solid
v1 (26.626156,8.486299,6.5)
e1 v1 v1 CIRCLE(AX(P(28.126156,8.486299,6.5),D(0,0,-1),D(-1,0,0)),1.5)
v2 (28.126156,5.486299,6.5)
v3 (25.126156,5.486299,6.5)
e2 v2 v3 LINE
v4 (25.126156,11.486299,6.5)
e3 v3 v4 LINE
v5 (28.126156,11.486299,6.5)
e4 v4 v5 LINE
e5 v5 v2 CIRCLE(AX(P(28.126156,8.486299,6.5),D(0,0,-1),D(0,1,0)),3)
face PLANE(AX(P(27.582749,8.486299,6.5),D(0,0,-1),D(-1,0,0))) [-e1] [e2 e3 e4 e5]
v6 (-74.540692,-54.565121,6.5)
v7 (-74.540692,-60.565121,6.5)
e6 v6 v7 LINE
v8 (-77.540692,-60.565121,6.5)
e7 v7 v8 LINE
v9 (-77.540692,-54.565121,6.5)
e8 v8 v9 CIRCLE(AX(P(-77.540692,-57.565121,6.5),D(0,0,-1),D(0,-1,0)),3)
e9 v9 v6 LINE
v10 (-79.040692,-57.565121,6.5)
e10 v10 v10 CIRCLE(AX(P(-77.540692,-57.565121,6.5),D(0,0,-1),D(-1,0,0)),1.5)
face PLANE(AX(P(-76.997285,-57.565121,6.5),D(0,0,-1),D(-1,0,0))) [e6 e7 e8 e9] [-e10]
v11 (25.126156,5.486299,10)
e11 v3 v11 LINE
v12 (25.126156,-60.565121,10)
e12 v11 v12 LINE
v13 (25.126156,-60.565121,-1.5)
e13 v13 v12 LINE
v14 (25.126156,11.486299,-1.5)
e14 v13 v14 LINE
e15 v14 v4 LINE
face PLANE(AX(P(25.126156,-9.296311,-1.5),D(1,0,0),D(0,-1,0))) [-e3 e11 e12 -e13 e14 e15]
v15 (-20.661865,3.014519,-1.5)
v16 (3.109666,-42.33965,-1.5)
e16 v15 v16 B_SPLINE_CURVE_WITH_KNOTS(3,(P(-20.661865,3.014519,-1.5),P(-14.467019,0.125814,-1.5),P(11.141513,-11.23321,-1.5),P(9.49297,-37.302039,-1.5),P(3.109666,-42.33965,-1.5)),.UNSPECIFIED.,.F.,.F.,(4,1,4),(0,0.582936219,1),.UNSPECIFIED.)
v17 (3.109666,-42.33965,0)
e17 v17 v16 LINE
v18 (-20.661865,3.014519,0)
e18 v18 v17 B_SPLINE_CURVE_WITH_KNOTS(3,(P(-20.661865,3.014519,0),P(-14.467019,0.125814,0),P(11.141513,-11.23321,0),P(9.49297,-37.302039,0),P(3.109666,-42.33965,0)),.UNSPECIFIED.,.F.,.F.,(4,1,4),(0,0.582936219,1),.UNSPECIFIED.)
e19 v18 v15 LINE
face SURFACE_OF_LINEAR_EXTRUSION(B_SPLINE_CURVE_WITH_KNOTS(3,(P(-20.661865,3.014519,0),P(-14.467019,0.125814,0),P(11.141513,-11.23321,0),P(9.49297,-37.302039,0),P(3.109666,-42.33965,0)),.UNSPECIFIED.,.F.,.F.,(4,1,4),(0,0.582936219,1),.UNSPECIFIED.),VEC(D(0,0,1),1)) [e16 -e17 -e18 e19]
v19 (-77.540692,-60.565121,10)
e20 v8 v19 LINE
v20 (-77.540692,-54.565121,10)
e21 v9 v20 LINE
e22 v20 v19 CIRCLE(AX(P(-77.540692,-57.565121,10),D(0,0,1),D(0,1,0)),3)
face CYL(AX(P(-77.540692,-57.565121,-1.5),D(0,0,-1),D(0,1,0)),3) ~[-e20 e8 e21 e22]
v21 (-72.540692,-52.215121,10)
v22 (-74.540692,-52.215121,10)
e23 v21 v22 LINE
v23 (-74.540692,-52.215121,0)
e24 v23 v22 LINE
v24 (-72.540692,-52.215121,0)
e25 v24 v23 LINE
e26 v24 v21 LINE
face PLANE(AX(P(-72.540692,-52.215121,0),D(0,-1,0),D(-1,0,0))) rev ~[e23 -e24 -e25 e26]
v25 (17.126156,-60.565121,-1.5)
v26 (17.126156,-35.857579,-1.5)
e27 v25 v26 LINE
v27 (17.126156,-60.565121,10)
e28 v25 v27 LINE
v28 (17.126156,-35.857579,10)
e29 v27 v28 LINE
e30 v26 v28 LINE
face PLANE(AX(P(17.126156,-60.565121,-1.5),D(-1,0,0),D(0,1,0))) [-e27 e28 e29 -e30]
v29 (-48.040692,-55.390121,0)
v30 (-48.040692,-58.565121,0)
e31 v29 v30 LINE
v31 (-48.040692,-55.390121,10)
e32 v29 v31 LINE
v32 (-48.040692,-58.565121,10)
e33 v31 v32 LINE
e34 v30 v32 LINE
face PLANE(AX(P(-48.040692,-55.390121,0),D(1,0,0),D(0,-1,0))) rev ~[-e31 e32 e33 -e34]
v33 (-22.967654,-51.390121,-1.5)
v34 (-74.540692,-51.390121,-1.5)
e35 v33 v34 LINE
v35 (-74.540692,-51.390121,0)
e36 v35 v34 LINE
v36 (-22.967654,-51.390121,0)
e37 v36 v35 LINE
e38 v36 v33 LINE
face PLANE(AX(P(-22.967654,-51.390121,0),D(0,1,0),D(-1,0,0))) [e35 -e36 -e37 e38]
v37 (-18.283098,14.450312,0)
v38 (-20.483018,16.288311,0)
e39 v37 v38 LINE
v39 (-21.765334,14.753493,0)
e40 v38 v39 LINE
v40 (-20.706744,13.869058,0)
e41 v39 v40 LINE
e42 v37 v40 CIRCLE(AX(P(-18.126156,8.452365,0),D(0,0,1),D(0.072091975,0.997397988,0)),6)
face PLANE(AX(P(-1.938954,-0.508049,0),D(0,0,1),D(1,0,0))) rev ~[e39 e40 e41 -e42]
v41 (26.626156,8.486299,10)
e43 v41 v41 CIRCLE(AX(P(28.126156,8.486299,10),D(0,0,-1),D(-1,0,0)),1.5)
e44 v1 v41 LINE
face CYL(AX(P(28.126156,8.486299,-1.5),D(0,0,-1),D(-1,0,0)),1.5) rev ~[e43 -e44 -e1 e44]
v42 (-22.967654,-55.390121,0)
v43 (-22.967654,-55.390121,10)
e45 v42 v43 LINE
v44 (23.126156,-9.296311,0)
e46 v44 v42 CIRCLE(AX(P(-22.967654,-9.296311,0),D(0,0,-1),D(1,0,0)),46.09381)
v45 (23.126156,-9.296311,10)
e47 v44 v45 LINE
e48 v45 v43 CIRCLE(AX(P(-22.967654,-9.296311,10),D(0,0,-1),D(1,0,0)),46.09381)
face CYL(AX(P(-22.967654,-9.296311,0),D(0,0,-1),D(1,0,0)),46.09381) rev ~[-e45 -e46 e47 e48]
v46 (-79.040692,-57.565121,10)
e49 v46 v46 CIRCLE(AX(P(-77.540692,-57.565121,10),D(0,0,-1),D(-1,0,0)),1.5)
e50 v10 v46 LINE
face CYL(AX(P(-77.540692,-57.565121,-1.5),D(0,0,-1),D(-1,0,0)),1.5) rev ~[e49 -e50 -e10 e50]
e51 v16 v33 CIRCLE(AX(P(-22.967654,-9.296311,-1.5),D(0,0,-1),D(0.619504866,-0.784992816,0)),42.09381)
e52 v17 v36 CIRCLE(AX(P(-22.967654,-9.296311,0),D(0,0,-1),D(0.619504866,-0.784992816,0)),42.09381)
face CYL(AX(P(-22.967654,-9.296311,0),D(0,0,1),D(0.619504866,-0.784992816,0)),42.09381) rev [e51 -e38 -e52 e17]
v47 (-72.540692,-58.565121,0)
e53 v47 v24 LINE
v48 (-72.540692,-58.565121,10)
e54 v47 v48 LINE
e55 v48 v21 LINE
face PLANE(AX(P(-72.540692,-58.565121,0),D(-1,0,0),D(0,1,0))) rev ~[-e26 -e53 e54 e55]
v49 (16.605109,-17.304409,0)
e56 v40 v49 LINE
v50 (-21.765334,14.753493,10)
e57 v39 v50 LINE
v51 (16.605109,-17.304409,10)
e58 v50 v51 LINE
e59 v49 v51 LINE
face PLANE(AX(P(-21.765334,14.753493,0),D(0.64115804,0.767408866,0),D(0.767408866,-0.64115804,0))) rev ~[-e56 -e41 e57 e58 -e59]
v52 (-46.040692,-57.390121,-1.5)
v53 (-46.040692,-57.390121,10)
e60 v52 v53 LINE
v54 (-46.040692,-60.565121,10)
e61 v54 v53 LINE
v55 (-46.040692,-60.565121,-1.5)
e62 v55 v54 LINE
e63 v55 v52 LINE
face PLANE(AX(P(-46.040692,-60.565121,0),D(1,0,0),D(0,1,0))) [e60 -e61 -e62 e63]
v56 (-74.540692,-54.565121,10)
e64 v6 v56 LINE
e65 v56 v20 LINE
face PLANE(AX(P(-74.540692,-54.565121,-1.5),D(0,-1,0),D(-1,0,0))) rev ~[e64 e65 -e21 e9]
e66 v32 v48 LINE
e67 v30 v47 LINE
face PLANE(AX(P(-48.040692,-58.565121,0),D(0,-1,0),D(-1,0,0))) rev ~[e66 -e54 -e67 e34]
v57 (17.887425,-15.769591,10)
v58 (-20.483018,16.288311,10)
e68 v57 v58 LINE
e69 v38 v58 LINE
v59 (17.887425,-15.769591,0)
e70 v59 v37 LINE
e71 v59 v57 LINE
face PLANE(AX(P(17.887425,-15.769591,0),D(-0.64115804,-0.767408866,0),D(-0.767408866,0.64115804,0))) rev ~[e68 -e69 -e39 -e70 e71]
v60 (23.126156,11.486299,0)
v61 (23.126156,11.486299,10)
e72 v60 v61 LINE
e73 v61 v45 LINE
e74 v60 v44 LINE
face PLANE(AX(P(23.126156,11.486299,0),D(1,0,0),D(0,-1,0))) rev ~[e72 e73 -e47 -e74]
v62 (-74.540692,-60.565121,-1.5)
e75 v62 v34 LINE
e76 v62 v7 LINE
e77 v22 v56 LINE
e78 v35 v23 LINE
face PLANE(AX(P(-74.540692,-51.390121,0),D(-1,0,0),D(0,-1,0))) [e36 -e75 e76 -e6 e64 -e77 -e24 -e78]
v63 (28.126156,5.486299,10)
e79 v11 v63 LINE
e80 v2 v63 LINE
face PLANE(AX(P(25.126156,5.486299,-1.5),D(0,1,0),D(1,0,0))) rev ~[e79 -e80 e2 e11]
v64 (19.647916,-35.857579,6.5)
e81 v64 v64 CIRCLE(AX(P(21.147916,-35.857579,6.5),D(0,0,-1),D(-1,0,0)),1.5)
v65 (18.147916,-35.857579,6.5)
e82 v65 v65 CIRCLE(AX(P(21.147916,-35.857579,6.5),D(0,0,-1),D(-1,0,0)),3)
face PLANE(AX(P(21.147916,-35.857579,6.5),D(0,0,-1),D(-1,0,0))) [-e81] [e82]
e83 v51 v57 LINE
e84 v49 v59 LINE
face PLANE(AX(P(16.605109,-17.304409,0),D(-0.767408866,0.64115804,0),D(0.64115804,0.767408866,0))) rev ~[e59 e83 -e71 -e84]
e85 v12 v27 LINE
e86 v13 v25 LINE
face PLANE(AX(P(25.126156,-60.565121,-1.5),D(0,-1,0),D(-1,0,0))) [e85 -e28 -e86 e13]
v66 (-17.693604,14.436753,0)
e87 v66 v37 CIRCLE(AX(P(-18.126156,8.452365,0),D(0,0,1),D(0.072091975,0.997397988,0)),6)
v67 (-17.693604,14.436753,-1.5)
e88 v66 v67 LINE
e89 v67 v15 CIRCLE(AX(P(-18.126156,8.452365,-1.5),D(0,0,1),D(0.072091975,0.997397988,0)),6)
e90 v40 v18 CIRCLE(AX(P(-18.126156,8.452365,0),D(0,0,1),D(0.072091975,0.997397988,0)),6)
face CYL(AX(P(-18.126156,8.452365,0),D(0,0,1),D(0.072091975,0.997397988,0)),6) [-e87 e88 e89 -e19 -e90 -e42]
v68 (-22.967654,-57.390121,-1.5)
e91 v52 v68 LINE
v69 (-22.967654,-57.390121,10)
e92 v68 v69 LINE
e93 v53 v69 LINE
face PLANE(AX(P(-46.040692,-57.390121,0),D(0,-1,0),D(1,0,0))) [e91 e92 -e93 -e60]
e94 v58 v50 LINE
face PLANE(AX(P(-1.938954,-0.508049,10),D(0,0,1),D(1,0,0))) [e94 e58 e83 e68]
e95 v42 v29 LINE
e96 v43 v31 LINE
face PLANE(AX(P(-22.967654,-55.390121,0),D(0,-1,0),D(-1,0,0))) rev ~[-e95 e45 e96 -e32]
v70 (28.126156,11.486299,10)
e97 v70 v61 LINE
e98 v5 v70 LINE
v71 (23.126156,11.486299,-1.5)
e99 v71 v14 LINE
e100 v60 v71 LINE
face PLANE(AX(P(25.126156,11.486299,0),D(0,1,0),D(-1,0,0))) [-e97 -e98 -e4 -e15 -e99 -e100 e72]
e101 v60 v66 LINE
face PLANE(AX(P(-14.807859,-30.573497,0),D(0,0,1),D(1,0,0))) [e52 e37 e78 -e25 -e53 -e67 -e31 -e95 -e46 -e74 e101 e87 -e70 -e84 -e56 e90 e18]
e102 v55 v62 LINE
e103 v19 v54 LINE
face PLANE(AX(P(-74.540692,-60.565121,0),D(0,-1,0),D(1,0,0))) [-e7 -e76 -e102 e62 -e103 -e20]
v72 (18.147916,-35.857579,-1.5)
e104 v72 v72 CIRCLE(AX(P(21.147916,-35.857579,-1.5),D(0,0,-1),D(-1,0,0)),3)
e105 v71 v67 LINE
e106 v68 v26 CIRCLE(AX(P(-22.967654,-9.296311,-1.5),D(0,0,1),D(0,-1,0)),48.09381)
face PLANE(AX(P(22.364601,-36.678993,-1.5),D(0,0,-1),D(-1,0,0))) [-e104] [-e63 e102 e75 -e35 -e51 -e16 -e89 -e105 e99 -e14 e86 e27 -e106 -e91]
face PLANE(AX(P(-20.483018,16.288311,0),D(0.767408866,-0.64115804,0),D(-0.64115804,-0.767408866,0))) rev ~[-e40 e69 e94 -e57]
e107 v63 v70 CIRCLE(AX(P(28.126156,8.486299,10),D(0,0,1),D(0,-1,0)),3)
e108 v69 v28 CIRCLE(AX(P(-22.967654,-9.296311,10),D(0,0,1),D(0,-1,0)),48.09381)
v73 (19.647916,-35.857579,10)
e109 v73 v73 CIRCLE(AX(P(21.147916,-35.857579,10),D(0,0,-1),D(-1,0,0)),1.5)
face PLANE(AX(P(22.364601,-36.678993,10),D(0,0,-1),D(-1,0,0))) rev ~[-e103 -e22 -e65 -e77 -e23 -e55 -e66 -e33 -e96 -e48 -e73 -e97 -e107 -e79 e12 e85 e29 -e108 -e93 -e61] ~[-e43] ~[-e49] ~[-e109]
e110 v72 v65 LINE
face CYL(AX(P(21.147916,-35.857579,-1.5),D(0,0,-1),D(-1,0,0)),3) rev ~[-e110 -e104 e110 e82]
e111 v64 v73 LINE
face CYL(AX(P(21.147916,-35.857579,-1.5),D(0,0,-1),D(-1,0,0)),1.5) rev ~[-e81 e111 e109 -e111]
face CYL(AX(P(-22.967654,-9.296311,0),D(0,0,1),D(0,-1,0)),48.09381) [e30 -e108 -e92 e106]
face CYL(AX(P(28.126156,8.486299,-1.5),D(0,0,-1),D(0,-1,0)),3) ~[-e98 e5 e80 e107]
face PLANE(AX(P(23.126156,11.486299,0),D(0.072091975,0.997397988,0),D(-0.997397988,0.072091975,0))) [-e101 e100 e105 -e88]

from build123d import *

# Parameters (mm, degrees)
BOSS_EXTRUDE1_DEPTH = 10
BOSS_EXTRUDE2_DEPTH = 1.5
BOSS_EXTRUDE4_DEPTH = 10
SKETCH4_R           = 1.5
BOSS_EXTRUDE3_DEPTH = 11.5
SKETCH5_R           = 1.5
SKETCH5_R_2         = 3
CUT_EXTRUDE1_DEPTH  = 8


with BuildPart() as part:
    # Sketch1 → Boss-Extrude1 (new body)
    with BuildSketch(Plane.XY):
        with BuildLine():
            Line((23.126155741, 11.486298975), (23.126155741, -9.296311409))
            ThreePointArc((23.126155741, -9.296311409), (9.625591469, -41.889556774), (-22.967653896, -55.390121046))
            Line((-22.967653896, -55.390121046), (-48.04069211, -55.390121046))
            Line((-48.04069211, -55.390121046), (-48.04069211, -58.565121046))
            Line((-48.04069211, -58.565121046), (-72.54069211, -58.565121046))
            Line((-72.54069211, -58.565121046), (-72.54069211, -52.215121046))
            Line((-72.54069211, -52.215121046), (-74.54069211, -52.215121046))
            Line((-74.54069211, -52.215121046), (-74.54069211, -60.565121046))
            Line((-74.54069211, -60.565121046), (-46.04069211, -60.565121046))
            Line((-46.04069211, -60.565121046), (-46.04069211, -57.390121046))
            Line((-46.04069211, -57.390121046), (-22.967653896, -57.390121046))
            ThreePointArc((-22.967653896, -57.390121046), (11.039805031, -43.303770336), (25.126155741, -9.296311409))
            Line((25.126155741, -9.296311409), (25.126155741, 11.486298975))
            Line((25.126155741, 11.486298975), (23.126155741, 11.486298975))
        make_face()
    extrude(amount=BOSS_EXTRUDE1_DEPTH)

    # Sketch2 → Boss-Extrude2 (add)
    with BuildSketch(Plane(origin=(0, 0, 0), x_dir=(-1, 0, 0), z_dir=(0, 0, -1))):
        with BuildLine():
            Line((-23.126155741, 11.486298975), (17.693603893, 14.436753165))
            ThreePointArc((17.693603893, 14.436753165), (23.933278885, 9.961444684), (20.661865311, 3.014518513))
            add(Edge.make_bspline(
                [(20.661865311, 3.014518513), (14.467019278, 0.125814366), (-11.141513341, -11.233209967), (-9.492969782, -37.302039453), (-3.109665986, -42.33964958)],
                knots=[0, 0, 0, 0, 0.582936219, 1, 1, 1, 1], degree=3))
            ThreePointArc((-3.109665986, -42.33964958), (9.166044877, -49.06318705), (22.967653896, -51.390121046))
            Line((22.967653896, -51.390121046), (52.04069211, -51.390121046))
            Line((52.04069211, -51.390121046), (74.54069211, -51.390121046))
            Line((74.54069211, -51.390121046), (74.54069211, -52.215121046))
            Line((74.54069211, -52.215121046), (74.54069211, -60.565121046))
            Line((74.54069211, -60.565121046), (46.04069211, -60.565121046))
            Line((46.04069211, -60.565121046), (46.04069211, -57.390121046))
            Line((46.04069211, -57.390121046), (22.967653896, -57.390121046))
            ThreePointArc((22.967653896, -57.390121046), (-11.039805031, -43.303770336), (-25.126155741, -9.296311409))
            Line((-25.126155741, -9.296311409), (-25.126155741, 11.486298975))
            Line((-25.126155741, 11.486298975), (-23.126155741, 11.486298975))
        make_face()
    extrude(amount=BOSS_EXTRUDE2_DEPTH)

    # Sketch6 → Boss-Extrude4 (add)
    with BuildSketch(Plane.XY):
        Polygon((-21.765334092, 14.753493125), (16.605109206, -17.304408883), (17.887425286, -15.769591151), (-20.483018011, 16.288310857), align=None)
    extrude(amount=BOSS_EXTRUDE4_DEPTH)

    # Sketch4 → Boss-Extrude3 (add)
    with BuildSketch(Plane(origin=(0, 0, -1.5), x_dir=(-1, 0, 0), z_dir=(0, 0, -1))):
        with BuildLine():
            Line((-25.126155741, -9.296311409), (-25.126155741, -60.565121046))
            Line((-25.126155741, -60.565121046), (-17.126155741, -60.565121046))
            Line((-17.126155741, -60.565121046), (-17.126155741, -35.857579341))
            ThreePointArc((-17.126155741, -35.857579341), (-23.082745525, -23.166251515), (-25.126155741, -9.296311409))
        make_face()
        with Locations((-21.147916143, -35.857579341)):
            Circle(SKETCH4_R, mode=Mode.SUBTRACT)
        with BuildLine():
            Line((-28.126155741, 11.486298975), (-25.126155741, 11.486298975))
            Line((-25.126155741, 11.486298975), (-25.126155741, 5.486298975))
            Line((-25.126155741, 5.486298975), (-28.126155741, 5.486298975))
            ThreePointArc((-28.126155741, 5.486298975), (-31.126155741, 8.486298975), (-28.126155741, 11.486298975))
        make_face()
        with Locations((-28.126155741, 8.486298975)):
            Circle(SKETCH4_R, mode=Mode.SUBTRACT)
        with BuildLine():
            Line((74.54069211, -60.565121046), (74.54069211, -54.565121046))
            Line((74.54069211, -54.565121046), (77.54069211, -54.565121046))
            ThreePointArc((77.54069211, -54.565121046), (80.54069211, -57.565121046), (77.54069211, -60.565121046))
            Line((77.54069211, -60.565121046), (74.54069211, -60.565121046))
        make_face()
        with Locations((77.54069211, -57.565121046)):
            Circle(SKETCH4_R, mode=Mode.SUBTRACT)
    extrude(amount=-BOSS_EXTRUDE3_DEPTH)

    # Sketch5 → Cut-Extrude1 (cut)
    with BuildSketch(Plane(origin=(0, 0, -1.5), x_dir=(-1, 0, 0), z_dir=(0, 0, -1))):
        with BuildLine():
            Line((77.54069211, -54.565121046), (74.54069211, -54.565121046))
            Line((74.54069211, -54.565121046), (74.54069211, -60.565121046))
            Line((74.54069211, -60.565121046), (77.54069211, -60.565121046))
            ThreePointArc((77.54069211, -60.565121046), (80.54069211, -57.565121046), (77.54069211, -54.565121046))
        make_face()
        with Locations((77.54069211, -57.565121046)):
            Circle(SKETCH5_R, mode=Mode.SUBTRACT)
        with Locations((-21.147916143, -35.857579341)):
            Circle(SKETCH5_R_2)
        with Locations((-21.147916143, -35.857579341)):
            Circle(SKETCH5_R, mode=Mode.SUBTRACT)
        with BuildLine():
            Line((-28.126155741, 5.486298975), (-25.126155741, 5.486298975))
            Line((-25.126155741, 5.486298975), (-25.126155741, 11.486298975))
            Line((-25.126155741, 11.486298975), (-28.126155741, 11.486298975))
            ThreePointArc((-28.126155741, 11.486298975), (-31.126155741, 8.486298975), (-28.126155741, 5.486298975))
        make_face()
        with Locations((-28.126155741, 8.486298975)):
            Circle(SKETCH5_R, mode=Mode.SUBTRACT)
    extrude(amount=-CUT_EXTRUDE1_DEPTH, mode=Mode.SUBTRACT)


solid = part.part
